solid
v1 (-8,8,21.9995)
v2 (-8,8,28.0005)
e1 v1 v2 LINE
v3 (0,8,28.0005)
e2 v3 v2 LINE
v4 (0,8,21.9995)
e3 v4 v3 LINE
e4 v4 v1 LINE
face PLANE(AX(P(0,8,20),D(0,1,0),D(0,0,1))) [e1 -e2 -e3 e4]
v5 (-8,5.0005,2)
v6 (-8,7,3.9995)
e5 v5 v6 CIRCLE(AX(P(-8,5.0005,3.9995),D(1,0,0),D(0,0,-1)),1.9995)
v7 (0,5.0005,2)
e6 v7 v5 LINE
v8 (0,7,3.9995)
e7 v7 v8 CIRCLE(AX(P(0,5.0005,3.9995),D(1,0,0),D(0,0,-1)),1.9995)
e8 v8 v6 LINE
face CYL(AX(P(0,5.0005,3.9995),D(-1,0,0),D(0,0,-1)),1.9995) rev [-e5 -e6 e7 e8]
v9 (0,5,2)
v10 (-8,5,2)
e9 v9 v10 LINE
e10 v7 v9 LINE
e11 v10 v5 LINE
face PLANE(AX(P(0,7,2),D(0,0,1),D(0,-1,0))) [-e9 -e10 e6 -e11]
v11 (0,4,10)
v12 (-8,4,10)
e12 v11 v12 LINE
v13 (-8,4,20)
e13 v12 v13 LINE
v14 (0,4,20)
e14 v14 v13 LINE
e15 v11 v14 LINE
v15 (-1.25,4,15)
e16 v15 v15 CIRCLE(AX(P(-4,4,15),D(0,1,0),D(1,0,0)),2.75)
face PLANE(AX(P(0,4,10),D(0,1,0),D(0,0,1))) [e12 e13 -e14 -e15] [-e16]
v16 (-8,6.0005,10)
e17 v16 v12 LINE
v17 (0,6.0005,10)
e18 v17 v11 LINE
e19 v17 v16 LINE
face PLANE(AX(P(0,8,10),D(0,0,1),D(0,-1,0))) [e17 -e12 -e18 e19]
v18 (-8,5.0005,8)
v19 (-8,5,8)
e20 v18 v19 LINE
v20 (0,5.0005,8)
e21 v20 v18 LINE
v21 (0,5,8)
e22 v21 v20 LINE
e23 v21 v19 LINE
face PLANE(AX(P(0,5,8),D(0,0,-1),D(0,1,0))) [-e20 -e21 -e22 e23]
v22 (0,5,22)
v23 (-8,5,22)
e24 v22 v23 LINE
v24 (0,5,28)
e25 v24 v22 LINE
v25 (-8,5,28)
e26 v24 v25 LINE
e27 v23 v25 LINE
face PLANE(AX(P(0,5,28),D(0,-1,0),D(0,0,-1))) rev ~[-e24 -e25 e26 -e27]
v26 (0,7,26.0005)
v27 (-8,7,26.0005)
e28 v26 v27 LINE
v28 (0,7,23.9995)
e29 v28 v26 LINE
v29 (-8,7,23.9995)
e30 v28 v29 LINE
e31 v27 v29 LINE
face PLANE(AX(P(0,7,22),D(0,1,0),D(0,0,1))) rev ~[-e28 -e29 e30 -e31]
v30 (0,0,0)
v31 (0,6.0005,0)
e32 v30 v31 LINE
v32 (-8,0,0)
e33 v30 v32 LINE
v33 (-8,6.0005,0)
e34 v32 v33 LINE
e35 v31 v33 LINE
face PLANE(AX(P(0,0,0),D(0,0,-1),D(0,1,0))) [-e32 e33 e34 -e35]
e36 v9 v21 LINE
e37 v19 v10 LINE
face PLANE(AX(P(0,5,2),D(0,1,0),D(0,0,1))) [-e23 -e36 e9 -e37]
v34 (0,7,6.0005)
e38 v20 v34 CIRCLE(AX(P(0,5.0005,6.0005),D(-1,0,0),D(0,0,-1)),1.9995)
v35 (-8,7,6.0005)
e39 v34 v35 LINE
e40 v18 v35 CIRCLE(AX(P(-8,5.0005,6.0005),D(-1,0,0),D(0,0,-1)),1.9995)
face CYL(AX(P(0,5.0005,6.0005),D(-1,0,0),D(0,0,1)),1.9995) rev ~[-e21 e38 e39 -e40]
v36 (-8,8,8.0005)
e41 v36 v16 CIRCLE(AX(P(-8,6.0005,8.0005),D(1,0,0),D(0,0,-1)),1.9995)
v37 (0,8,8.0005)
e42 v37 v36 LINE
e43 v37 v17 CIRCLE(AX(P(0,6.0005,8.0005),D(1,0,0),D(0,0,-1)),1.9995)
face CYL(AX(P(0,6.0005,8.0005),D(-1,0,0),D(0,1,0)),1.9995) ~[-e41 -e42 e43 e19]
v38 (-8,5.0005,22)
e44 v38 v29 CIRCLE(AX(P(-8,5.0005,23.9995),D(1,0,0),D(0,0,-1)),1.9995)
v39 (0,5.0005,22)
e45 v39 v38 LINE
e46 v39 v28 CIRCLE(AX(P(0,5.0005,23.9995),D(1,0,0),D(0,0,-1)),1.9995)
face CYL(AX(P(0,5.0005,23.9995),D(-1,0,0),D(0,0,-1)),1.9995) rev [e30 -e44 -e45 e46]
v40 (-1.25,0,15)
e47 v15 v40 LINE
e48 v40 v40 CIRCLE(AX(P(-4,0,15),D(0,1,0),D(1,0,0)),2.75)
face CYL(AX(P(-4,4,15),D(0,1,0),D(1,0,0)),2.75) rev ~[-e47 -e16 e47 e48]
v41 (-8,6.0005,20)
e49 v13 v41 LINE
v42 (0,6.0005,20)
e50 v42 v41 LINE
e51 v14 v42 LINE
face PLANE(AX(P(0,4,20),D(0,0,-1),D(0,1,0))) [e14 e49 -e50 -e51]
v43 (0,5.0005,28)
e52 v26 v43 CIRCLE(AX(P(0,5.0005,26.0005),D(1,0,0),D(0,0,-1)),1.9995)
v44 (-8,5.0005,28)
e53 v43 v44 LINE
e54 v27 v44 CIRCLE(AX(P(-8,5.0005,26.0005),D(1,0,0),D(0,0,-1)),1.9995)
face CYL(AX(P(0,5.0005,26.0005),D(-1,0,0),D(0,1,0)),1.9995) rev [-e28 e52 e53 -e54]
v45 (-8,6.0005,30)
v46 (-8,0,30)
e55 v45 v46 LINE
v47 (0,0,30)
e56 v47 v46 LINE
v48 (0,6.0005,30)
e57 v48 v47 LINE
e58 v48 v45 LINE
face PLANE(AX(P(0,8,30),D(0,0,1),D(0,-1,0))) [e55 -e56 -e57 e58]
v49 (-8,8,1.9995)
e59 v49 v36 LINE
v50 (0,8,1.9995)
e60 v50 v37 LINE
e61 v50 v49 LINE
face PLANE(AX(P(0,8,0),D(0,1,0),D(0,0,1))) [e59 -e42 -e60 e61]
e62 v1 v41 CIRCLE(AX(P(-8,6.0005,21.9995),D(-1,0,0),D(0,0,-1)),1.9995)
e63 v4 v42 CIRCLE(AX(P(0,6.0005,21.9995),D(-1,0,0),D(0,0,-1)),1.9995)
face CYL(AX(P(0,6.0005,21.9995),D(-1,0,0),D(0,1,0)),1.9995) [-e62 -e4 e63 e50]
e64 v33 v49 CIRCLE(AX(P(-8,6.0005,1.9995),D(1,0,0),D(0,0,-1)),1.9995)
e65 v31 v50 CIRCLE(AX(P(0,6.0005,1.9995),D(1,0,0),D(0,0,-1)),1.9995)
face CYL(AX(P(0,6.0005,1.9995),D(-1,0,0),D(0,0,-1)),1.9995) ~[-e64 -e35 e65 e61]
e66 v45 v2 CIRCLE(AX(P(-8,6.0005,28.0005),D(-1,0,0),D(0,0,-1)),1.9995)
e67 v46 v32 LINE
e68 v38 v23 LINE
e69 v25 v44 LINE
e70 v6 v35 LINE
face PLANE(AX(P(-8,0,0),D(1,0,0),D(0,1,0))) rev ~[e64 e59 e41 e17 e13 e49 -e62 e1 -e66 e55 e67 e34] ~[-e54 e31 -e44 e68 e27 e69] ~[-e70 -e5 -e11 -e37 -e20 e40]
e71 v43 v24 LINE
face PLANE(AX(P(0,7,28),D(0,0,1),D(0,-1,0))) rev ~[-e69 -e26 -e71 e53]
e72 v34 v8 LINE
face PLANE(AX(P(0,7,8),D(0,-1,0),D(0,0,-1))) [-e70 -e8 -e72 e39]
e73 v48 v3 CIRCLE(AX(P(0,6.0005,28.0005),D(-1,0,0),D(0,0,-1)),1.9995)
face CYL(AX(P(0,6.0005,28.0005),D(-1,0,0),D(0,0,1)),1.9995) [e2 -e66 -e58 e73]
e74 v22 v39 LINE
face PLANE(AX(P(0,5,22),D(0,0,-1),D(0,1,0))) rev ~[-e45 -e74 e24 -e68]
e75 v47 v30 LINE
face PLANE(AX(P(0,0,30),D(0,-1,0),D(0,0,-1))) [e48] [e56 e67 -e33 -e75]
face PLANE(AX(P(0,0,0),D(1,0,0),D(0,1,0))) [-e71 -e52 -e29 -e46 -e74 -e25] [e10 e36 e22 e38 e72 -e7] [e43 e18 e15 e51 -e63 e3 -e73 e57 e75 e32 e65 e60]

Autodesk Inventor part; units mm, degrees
ref_plane "YZ Plane" through (0, 0, 0) normal (1, 0, 0) x (0, 1, 0)
ref_plane "XZ Plane" through (0, 0, 0) normal (0, 1, 0) x (-1, 0, 0)
ref_plane "XY Plane" through (0, 0, 0) normal (0, 0, 1) x (1, 0, 0)
sketch "Sketch1" plane through (0, 0, 0) normal (1, 0, 0) x (0, 1, 0)
  line L0 (0, 0) -> (8, 0)
  line L1 (8, 0) -> (8, 30)
  line L2 (8, 30) -> (0, 30)
  line L3 (0, 30) -> (0, 0)
  line L4 (8, 10) -> (4, 10)
  line L5 (4, 10) -> (4, 20)
  line L6 (4, 20) -> (8, 20)
  line L7 (8, 20) -> (8, 10)
  dimension "d0" = 8
  dimension "d1" = 30
  dimension "d2" = 4
  dimension "d3" = 10
  dimension "d4" = 10
extrude "Extrusion1" add sketch "Sketch1" against normal blind 8 contours L3 L2 L1 L6 L5 L4 L0
sketch "Sketch2" plane through (0, 4, 20) normal (0, 1, 0) x (1, 0, 0)
  line L0 (0, 10) -> (0, 0) projected
  line L1 (0, 10) -> (-8, 10) projected
  line L2 (-8, 0) -> (-8, 10) projected
  line L3 (0, 0) -> (-8, 0) projected
  line L4 (-8, 0) -> (0, 10) construction
  line L5 (-8, 10) -> (0, 0) construction
  circle A0 centre (-4, 5) radius 2.75
  point P0 (0, 20)
  dimension "d7" = 5.5
extrude "Extrusion2" cut sketch "Sketch2" against normal up to next contours A0
sketch "Sketch3" plane through (0, 0, 0) normal (1, 0, 0) x (0, 0, -1)
  line L0 (0, 8) -> (-10, 8) projected
  line L1 (-10, 8) -> (-10, 4) projected
  line L2 (-10, 4) -> (-20, 4) projected
  line L3 (-20, 4) -> (-20, 8) projected
  line L4 (-20, 8) -> (-30, 8) projected
  line L5 (-30, 8) -> (-30, 0) projected
  line L6 (-30, 0) -> (0, 0) projected
  line L7 (0, 0) -> (0, 8) projected
  line L8 (-8, 7) -> (-2, 7)
  line L9 (-2, 7) -> (-2, 5)
  line L10 (-2, 5) -> (-8, 5)
  line L11 (-8, 5) -> (-8, 7)
  line L12 (-20, 4) -> (-10, 4) construction
  line L13 (-15, 4) -> (-15, 8) construction
  line L14 (-22, 7) -> (-28, 7)
  line L15 (-28, 7) -> (-28, 5)
  line L16 (-28, 5) -> (-22, 5)
  line L17 (-22, 5) -> (-22, 7)
  dimension "d10" = 6
  dimension "d11" = 2
  dimension "d12" = 10
  dimension "d13" = 2
  dimension "d14" = 4
  dimension "d15" = 1
extrude "Extrusion3" cut sketch "Sketch3" against normal up to next contours L8 L9 L10 L11 | L17 L16 L15 L14
fillet "Fillet1" radius 2 8 edges at (-4, 8, 10) (-4, 8, 20) (-4, 8, 30) (-4, 8, 0) (-4, 7, 28) (-4, 7, 22) (-4, 7, 8) (-4, 7, 2)
equation "\"d4\" = -0.5 * d3 + 0.5 * d1"
equation "\"d13\" = -0.5 * d10 + 0.5 * d12"
equation "\"d15\" = -0.5 * d11 + 0.5 * d14"
properties part number "Wire Anchor"
